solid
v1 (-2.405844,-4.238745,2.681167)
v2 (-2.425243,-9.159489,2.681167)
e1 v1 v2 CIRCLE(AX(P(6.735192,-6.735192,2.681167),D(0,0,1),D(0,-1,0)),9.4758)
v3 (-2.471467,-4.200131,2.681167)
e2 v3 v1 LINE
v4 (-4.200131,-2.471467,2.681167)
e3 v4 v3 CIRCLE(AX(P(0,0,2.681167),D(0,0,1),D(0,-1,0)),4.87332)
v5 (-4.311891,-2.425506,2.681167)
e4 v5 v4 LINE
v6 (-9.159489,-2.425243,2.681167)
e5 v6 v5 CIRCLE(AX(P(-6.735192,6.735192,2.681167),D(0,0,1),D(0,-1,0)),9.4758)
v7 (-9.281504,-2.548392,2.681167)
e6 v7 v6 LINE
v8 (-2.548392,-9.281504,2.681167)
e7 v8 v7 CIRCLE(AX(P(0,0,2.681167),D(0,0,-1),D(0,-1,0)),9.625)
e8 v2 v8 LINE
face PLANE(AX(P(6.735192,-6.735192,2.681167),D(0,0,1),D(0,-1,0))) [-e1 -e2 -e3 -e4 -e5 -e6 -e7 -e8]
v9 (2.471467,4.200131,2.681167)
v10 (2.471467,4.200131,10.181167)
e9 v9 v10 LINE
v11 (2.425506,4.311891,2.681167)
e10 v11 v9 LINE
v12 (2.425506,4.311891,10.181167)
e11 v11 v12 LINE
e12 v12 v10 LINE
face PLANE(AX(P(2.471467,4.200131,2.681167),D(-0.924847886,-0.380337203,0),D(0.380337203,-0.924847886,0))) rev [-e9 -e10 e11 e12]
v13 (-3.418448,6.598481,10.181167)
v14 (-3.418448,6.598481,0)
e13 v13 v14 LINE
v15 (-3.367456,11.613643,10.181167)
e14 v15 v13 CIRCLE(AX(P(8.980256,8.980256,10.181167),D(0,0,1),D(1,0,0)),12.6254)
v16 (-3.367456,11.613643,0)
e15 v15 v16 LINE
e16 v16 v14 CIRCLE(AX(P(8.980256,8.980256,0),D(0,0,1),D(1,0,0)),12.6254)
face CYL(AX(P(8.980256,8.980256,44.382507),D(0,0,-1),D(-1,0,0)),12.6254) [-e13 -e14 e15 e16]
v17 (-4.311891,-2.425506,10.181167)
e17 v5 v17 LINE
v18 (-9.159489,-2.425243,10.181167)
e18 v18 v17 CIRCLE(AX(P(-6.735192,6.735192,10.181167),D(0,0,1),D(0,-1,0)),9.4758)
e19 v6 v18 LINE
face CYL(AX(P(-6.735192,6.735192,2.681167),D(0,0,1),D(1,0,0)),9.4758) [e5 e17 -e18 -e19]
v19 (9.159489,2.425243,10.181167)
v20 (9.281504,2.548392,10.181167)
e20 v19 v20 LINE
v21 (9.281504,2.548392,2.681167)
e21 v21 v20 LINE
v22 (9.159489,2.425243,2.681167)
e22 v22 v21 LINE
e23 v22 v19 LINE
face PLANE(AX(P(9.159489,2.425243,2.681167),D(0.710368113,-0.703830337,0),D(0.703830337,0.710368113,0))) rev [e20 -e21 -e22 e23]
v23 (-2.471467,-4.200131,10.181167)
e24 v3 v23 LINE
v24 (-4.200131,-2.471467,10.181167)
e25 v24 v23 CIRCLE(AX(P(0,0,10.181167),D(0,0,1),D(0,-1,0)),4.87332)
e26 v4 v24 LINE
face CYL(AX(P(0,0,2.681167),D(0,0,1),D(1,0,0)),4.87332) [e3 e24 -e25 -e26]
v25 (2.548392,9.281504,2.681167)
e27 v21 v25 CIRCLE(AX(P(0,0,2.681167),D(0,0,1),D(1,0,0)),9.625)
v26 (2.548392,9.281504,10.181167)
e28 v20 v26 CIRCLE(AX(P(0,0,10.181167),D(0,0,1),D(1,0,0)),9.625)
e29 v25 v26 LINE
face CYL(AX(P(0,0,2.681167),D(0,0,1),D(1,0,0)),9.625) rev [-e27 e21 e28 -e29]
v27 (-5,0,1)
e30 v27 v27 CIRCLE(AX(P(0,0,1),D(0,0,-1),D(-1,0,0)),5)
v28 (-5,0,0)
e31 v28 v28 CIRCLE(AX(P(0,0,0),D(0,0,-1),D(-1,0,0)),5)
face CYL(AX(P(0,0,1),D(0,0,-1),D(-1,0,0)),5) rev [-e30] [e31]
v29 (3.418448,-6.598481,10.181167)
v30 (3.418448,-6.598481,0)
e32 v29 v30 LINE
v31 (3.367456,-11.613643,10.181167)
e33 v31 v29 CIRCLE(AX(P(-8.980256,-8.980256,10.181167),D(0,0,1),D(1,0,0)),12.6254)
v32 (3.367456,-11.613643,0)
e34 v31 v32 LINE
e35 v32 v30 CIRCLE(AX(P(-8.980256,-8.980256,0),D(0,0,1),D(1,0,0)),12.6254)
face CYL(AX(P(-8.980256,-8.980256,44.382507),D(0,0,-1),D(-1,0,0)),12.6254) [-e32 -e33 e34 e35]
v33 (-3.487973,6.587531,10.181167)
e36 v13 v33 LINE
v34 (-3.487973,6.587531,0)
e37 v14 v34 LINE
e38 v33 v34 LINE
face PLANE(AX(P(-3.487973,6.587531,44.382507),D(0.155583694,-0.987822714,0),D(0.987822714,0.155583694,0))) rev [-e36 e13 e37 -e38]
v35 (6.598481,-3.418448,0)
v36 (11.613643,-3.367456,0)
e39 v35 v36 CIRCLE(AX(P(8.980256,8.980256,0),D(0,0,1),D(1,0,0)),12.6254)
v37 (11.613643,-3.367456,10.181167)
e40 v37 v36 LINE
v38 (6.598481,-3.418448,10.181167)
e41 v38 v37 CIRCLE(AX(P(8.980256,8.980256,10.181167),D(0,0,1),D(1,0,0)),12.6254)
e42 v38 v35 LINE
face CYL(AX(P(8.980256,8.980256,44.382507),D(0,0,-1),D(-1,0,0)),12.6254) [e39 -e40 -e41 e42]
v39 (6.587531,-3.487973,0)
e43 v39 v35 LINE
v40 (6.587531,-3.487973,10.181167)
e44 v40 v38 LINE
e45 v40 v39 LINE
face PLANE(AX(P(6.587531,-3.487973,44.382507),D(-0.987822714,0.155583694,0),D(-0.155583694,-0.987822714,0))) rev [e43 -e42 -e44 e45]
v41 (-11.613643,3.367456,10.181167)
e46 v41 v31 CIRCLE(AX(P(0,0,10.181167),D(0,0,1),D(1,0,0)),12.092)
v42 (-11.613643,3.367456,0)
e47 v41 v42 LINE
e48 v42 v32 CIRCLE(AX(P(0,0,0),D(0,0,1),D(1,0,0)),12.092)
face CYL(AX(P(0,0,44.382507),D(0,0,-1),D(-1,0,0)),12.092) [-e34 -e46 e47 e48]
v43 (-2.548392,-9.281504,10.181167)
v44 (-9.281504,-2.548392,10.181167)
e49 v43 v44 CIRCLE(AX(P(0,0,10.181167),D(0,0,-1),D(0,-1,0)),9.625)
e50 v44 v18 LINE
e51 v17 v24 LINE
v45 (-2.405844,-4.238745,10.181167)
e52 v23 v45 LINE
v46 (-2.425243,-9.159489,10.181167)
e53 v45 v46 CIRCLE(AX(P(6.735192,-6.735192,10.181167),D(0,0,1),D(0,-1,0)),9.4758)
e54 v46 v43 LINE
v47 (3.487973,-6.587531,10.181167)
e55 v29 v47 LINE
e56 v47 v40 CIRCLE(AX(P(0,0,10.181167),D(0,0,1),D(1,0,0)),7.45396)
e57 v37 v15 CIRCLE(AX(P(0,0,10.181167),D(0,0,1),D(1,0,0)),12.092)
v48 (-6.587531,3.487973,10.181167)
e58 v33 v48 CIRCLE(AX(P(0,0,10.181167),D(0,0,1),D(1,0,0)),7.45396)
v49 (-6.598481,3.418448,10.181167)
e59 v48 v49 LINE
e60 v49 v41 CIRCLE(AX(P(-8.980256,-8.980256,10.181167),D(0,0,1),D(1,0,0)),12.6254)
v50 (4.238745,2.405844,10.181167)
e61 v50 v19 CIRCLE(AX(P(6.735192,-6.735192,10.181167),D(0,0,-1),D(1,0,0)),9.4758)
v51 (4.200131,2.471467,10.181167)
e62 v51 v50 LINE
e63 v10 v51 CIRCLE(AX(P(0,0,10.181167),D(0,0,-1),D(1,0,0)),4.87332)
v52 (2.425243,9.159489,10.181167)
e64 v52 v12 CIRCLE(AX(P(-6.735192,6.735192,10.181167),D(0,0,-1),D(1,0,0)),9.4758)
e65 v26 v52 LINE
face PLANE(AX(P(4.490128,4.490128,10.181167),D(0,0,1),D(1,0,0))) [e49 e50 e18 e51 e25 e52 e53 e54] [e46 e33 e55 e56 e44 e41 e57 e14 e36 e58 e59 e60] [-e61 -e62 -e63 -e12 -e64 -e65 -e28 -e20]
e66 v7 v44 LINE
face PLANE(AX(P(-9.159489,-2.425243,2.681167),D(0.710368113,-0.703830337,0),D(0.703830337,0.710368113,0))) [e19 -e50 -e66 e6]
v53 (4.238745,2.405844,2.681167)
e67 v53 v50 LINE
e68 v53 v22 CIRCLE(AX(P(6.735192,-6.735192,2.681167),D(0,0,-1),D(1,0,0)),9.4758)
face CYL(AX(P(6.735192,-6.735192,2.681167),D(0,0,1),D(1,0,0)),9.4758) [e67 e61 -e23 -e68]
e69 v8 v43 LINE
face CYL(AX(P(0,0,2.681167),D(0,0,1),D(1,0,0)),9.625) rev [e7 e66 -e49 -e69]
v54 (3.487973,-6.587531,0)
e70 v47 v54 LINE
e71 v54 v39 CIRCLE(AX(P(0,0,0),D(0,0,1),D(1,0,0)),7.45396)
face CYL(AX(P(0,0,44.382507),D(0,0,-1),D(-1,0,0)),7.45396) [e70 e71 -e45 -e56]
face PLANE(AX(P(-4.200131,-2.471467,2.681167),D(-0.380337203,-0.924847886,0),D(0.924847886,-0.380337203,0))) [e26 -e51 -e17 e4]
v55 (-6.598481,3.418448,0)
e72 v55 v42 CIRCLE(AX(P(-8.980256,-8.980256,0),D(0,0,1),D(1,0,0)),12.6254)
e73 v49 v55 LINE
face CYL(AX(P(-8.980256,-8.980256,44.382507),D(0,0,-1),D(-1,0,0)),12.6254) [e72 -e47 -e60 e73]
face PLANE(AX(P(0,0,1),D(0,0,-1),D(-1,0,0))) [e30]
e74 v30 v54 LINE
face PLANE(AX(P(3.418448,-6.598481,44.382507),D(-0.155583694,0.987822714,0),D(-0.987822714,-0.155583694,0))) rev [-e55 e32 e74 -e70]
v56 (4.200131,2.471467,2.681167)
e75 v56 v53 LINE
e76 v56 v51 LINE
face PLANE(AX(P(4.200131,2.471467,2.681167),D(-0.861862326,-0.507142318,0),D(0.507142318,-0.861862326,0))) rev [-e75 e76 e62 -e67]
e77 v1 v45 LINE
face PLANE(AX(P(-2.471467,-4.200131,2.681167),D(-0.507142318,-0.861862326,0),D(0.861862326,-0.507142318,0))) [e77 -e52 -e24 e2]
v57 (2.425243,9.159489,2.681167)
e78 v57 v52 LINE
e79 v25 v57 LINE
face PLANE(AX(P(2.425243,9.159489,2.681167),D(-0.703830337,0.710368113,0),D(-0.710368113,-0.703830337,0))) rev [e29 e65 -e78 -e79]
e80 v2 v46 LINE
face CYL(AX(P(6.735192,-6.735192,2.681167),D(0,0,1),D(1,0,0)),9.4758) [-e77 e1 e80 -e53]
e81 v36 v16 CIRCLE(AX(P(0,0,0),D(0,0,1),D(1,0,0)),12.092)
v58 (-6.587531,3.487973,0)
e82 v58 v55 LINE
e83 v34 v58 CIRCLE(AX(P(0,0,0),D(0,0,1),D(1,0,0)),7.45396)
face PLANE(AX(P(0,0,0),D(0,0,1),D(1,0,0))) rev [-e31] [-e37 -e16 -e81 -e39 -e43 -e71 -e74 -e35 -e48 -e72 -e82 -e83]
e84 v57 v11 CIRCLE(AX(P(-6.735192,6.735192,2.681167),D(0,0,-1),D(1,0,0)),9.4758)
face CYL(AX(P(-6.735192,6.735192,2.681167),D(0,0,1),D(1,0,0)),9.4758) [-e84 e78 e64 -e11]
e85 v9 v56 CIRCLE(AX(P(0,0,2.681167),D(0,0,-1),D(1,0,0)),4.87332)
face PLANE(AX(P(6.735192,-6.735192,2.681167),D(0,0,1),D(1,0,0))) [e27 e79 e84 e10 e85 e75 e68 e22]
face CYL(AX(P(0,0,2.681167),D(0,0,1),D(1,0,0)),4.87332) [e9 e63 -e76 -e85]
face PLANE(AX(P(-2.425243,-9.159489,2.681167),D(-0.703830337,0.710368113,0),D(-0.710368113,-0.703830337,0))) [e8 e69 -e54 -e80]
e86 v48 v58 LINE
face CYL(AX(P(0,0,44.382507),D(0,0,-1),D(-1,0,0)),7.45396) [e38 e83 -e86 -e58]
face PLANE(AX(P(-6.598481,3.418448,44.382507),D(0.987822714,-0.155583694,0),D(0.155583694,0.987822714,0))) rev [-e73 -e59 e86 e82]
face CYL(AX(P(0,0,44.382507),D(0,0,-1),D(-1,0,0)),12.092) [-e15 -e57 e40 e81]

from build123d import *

# Parameters (mm, degrees)
BOSS_EXTRUDE1_DEPTH = 10.181166667
SKETCH2_R           = 5
CUT_EXTRUDE1_DEPTH  = 1
CUT_EXTRUDE2_DEPTH  = 7.5


with BuildPart() as part:
    # Sketch1 → Boss-Extrude1 (new body)
    with BuildSketch(Plane.XY):
        with BuildLine():
            Line((-6.59848134, 3.41844841), (-6.587531167, 3.487972592))
            ThreePointArc((-6.587531167, 3.487972592), (-5.270745663, 5.270745663), (-3.487972592, 6.587531167))
            Line((-3.487972592, 6.587531167), (-3.41844841, 6.59848134))
            ThreePointArc((-3.41844841, 6.59848134), (-3.64449132, 9.108619705), (-3.367456173, 11.613642965))
            ThreePointArc((-3.367456173, 11.613642965), (8.550335198, 8.550335198), (11.613642965, -3.367456173))
            ThreePointArc((11.613642965, -3.367456173), (9.108619705, -3.64449132), (6.59848134, -3.41844841))
            Line((6.59848134, -3.41844841), (6.587531167, -3.487972592))
            ThreePointArc((6.587531167, -3.487972592), (5.270745663, -5.270745663), (3.487972592, -6.587531167))
            Line((3.487972592, -6.587531167), (3.41844841, -6.59848134))
            ThreePointArc((3.41844841, -6.59848134), (3.64449132, -9.108619705), (3.367456173, -11.613642965))
            ThreePointArc((3.367456173, -11.613642965), (-8.550335198, -8.550335198), (-11.613642965, 3.367456173))
            ThreePointArc((-11.613642965, 3.367456173), (-9.108619705, 3.64449132), (-6.59848134, 3.41844841))
        make_face()
    extrude(amount=BOSS_EXTRUDE1_DEPTH)

    # Sketch2 → Cut-Extrude1 (cut)
    with BuildSketch(Plane(origin=(0, 0, 0), x_dir=(-1, 0, 0), z_dir=(0, 0, -1))):
        Circle(SKETCH2_R)
    extrude(amount=-CUT_EXTRUDE1_DEPTH, mode=Mode.SUBTRACT)

    # Sketch3 → Cut-Extrude2 (cut)
    with BuildSketch(Plane.XY.offset(10.181166667)):
        with BuildLine():
            Line((9.15948917, 2.425242905), (9.281504474, 2.548391591))
            ThreePointArc((9.281504474, 2.548391591), (6.805902769, 6.805902769), (2.548391591, 9.281504474))
            Line((2.548391591, 9.281504474), (2.425242905, 9.15948917))
            ThreePointArc((2.425242905, 9.15948917), (2.740607895, 6.73570708), (2.425506361, 4.311890725))
            Line((2.425506361, 4.311890725), (2.4714668, 4.200130912))
            ThreePointArc((2.4714668, 4.200130912), (3.445957619, 3.445957619), (4.200130912, 2.4714668))
            Line((4.200130912, 2.4714668), (4.238745161, 2.405843866))
            ThreePointArc((4.238745161, 2.405843866), (6.481209779, 2.737203521), (8.738209013, 2.5264875))
            ThreePointArc((8.738209013, 2.5264875), (8.949427835, 2.478273365), (9.15948917, 2.425242905))
        make_face()
    cut_extrude2 = extrude(amount=-CUT_EXTRUDE2_DEPTH, mode=Mode.SUBTRACT)

    # Mirror1: Cut-Extrude2 across plane
    add(cut_extrude2.mirror(Plane(origin=(0, 0, 0), x_dir=(0, 0, 1), z_dir=(0.7071067811865475, 0.7071067811865477, 0))), mode=Mode.SUBTRACT)


solid = part.part
